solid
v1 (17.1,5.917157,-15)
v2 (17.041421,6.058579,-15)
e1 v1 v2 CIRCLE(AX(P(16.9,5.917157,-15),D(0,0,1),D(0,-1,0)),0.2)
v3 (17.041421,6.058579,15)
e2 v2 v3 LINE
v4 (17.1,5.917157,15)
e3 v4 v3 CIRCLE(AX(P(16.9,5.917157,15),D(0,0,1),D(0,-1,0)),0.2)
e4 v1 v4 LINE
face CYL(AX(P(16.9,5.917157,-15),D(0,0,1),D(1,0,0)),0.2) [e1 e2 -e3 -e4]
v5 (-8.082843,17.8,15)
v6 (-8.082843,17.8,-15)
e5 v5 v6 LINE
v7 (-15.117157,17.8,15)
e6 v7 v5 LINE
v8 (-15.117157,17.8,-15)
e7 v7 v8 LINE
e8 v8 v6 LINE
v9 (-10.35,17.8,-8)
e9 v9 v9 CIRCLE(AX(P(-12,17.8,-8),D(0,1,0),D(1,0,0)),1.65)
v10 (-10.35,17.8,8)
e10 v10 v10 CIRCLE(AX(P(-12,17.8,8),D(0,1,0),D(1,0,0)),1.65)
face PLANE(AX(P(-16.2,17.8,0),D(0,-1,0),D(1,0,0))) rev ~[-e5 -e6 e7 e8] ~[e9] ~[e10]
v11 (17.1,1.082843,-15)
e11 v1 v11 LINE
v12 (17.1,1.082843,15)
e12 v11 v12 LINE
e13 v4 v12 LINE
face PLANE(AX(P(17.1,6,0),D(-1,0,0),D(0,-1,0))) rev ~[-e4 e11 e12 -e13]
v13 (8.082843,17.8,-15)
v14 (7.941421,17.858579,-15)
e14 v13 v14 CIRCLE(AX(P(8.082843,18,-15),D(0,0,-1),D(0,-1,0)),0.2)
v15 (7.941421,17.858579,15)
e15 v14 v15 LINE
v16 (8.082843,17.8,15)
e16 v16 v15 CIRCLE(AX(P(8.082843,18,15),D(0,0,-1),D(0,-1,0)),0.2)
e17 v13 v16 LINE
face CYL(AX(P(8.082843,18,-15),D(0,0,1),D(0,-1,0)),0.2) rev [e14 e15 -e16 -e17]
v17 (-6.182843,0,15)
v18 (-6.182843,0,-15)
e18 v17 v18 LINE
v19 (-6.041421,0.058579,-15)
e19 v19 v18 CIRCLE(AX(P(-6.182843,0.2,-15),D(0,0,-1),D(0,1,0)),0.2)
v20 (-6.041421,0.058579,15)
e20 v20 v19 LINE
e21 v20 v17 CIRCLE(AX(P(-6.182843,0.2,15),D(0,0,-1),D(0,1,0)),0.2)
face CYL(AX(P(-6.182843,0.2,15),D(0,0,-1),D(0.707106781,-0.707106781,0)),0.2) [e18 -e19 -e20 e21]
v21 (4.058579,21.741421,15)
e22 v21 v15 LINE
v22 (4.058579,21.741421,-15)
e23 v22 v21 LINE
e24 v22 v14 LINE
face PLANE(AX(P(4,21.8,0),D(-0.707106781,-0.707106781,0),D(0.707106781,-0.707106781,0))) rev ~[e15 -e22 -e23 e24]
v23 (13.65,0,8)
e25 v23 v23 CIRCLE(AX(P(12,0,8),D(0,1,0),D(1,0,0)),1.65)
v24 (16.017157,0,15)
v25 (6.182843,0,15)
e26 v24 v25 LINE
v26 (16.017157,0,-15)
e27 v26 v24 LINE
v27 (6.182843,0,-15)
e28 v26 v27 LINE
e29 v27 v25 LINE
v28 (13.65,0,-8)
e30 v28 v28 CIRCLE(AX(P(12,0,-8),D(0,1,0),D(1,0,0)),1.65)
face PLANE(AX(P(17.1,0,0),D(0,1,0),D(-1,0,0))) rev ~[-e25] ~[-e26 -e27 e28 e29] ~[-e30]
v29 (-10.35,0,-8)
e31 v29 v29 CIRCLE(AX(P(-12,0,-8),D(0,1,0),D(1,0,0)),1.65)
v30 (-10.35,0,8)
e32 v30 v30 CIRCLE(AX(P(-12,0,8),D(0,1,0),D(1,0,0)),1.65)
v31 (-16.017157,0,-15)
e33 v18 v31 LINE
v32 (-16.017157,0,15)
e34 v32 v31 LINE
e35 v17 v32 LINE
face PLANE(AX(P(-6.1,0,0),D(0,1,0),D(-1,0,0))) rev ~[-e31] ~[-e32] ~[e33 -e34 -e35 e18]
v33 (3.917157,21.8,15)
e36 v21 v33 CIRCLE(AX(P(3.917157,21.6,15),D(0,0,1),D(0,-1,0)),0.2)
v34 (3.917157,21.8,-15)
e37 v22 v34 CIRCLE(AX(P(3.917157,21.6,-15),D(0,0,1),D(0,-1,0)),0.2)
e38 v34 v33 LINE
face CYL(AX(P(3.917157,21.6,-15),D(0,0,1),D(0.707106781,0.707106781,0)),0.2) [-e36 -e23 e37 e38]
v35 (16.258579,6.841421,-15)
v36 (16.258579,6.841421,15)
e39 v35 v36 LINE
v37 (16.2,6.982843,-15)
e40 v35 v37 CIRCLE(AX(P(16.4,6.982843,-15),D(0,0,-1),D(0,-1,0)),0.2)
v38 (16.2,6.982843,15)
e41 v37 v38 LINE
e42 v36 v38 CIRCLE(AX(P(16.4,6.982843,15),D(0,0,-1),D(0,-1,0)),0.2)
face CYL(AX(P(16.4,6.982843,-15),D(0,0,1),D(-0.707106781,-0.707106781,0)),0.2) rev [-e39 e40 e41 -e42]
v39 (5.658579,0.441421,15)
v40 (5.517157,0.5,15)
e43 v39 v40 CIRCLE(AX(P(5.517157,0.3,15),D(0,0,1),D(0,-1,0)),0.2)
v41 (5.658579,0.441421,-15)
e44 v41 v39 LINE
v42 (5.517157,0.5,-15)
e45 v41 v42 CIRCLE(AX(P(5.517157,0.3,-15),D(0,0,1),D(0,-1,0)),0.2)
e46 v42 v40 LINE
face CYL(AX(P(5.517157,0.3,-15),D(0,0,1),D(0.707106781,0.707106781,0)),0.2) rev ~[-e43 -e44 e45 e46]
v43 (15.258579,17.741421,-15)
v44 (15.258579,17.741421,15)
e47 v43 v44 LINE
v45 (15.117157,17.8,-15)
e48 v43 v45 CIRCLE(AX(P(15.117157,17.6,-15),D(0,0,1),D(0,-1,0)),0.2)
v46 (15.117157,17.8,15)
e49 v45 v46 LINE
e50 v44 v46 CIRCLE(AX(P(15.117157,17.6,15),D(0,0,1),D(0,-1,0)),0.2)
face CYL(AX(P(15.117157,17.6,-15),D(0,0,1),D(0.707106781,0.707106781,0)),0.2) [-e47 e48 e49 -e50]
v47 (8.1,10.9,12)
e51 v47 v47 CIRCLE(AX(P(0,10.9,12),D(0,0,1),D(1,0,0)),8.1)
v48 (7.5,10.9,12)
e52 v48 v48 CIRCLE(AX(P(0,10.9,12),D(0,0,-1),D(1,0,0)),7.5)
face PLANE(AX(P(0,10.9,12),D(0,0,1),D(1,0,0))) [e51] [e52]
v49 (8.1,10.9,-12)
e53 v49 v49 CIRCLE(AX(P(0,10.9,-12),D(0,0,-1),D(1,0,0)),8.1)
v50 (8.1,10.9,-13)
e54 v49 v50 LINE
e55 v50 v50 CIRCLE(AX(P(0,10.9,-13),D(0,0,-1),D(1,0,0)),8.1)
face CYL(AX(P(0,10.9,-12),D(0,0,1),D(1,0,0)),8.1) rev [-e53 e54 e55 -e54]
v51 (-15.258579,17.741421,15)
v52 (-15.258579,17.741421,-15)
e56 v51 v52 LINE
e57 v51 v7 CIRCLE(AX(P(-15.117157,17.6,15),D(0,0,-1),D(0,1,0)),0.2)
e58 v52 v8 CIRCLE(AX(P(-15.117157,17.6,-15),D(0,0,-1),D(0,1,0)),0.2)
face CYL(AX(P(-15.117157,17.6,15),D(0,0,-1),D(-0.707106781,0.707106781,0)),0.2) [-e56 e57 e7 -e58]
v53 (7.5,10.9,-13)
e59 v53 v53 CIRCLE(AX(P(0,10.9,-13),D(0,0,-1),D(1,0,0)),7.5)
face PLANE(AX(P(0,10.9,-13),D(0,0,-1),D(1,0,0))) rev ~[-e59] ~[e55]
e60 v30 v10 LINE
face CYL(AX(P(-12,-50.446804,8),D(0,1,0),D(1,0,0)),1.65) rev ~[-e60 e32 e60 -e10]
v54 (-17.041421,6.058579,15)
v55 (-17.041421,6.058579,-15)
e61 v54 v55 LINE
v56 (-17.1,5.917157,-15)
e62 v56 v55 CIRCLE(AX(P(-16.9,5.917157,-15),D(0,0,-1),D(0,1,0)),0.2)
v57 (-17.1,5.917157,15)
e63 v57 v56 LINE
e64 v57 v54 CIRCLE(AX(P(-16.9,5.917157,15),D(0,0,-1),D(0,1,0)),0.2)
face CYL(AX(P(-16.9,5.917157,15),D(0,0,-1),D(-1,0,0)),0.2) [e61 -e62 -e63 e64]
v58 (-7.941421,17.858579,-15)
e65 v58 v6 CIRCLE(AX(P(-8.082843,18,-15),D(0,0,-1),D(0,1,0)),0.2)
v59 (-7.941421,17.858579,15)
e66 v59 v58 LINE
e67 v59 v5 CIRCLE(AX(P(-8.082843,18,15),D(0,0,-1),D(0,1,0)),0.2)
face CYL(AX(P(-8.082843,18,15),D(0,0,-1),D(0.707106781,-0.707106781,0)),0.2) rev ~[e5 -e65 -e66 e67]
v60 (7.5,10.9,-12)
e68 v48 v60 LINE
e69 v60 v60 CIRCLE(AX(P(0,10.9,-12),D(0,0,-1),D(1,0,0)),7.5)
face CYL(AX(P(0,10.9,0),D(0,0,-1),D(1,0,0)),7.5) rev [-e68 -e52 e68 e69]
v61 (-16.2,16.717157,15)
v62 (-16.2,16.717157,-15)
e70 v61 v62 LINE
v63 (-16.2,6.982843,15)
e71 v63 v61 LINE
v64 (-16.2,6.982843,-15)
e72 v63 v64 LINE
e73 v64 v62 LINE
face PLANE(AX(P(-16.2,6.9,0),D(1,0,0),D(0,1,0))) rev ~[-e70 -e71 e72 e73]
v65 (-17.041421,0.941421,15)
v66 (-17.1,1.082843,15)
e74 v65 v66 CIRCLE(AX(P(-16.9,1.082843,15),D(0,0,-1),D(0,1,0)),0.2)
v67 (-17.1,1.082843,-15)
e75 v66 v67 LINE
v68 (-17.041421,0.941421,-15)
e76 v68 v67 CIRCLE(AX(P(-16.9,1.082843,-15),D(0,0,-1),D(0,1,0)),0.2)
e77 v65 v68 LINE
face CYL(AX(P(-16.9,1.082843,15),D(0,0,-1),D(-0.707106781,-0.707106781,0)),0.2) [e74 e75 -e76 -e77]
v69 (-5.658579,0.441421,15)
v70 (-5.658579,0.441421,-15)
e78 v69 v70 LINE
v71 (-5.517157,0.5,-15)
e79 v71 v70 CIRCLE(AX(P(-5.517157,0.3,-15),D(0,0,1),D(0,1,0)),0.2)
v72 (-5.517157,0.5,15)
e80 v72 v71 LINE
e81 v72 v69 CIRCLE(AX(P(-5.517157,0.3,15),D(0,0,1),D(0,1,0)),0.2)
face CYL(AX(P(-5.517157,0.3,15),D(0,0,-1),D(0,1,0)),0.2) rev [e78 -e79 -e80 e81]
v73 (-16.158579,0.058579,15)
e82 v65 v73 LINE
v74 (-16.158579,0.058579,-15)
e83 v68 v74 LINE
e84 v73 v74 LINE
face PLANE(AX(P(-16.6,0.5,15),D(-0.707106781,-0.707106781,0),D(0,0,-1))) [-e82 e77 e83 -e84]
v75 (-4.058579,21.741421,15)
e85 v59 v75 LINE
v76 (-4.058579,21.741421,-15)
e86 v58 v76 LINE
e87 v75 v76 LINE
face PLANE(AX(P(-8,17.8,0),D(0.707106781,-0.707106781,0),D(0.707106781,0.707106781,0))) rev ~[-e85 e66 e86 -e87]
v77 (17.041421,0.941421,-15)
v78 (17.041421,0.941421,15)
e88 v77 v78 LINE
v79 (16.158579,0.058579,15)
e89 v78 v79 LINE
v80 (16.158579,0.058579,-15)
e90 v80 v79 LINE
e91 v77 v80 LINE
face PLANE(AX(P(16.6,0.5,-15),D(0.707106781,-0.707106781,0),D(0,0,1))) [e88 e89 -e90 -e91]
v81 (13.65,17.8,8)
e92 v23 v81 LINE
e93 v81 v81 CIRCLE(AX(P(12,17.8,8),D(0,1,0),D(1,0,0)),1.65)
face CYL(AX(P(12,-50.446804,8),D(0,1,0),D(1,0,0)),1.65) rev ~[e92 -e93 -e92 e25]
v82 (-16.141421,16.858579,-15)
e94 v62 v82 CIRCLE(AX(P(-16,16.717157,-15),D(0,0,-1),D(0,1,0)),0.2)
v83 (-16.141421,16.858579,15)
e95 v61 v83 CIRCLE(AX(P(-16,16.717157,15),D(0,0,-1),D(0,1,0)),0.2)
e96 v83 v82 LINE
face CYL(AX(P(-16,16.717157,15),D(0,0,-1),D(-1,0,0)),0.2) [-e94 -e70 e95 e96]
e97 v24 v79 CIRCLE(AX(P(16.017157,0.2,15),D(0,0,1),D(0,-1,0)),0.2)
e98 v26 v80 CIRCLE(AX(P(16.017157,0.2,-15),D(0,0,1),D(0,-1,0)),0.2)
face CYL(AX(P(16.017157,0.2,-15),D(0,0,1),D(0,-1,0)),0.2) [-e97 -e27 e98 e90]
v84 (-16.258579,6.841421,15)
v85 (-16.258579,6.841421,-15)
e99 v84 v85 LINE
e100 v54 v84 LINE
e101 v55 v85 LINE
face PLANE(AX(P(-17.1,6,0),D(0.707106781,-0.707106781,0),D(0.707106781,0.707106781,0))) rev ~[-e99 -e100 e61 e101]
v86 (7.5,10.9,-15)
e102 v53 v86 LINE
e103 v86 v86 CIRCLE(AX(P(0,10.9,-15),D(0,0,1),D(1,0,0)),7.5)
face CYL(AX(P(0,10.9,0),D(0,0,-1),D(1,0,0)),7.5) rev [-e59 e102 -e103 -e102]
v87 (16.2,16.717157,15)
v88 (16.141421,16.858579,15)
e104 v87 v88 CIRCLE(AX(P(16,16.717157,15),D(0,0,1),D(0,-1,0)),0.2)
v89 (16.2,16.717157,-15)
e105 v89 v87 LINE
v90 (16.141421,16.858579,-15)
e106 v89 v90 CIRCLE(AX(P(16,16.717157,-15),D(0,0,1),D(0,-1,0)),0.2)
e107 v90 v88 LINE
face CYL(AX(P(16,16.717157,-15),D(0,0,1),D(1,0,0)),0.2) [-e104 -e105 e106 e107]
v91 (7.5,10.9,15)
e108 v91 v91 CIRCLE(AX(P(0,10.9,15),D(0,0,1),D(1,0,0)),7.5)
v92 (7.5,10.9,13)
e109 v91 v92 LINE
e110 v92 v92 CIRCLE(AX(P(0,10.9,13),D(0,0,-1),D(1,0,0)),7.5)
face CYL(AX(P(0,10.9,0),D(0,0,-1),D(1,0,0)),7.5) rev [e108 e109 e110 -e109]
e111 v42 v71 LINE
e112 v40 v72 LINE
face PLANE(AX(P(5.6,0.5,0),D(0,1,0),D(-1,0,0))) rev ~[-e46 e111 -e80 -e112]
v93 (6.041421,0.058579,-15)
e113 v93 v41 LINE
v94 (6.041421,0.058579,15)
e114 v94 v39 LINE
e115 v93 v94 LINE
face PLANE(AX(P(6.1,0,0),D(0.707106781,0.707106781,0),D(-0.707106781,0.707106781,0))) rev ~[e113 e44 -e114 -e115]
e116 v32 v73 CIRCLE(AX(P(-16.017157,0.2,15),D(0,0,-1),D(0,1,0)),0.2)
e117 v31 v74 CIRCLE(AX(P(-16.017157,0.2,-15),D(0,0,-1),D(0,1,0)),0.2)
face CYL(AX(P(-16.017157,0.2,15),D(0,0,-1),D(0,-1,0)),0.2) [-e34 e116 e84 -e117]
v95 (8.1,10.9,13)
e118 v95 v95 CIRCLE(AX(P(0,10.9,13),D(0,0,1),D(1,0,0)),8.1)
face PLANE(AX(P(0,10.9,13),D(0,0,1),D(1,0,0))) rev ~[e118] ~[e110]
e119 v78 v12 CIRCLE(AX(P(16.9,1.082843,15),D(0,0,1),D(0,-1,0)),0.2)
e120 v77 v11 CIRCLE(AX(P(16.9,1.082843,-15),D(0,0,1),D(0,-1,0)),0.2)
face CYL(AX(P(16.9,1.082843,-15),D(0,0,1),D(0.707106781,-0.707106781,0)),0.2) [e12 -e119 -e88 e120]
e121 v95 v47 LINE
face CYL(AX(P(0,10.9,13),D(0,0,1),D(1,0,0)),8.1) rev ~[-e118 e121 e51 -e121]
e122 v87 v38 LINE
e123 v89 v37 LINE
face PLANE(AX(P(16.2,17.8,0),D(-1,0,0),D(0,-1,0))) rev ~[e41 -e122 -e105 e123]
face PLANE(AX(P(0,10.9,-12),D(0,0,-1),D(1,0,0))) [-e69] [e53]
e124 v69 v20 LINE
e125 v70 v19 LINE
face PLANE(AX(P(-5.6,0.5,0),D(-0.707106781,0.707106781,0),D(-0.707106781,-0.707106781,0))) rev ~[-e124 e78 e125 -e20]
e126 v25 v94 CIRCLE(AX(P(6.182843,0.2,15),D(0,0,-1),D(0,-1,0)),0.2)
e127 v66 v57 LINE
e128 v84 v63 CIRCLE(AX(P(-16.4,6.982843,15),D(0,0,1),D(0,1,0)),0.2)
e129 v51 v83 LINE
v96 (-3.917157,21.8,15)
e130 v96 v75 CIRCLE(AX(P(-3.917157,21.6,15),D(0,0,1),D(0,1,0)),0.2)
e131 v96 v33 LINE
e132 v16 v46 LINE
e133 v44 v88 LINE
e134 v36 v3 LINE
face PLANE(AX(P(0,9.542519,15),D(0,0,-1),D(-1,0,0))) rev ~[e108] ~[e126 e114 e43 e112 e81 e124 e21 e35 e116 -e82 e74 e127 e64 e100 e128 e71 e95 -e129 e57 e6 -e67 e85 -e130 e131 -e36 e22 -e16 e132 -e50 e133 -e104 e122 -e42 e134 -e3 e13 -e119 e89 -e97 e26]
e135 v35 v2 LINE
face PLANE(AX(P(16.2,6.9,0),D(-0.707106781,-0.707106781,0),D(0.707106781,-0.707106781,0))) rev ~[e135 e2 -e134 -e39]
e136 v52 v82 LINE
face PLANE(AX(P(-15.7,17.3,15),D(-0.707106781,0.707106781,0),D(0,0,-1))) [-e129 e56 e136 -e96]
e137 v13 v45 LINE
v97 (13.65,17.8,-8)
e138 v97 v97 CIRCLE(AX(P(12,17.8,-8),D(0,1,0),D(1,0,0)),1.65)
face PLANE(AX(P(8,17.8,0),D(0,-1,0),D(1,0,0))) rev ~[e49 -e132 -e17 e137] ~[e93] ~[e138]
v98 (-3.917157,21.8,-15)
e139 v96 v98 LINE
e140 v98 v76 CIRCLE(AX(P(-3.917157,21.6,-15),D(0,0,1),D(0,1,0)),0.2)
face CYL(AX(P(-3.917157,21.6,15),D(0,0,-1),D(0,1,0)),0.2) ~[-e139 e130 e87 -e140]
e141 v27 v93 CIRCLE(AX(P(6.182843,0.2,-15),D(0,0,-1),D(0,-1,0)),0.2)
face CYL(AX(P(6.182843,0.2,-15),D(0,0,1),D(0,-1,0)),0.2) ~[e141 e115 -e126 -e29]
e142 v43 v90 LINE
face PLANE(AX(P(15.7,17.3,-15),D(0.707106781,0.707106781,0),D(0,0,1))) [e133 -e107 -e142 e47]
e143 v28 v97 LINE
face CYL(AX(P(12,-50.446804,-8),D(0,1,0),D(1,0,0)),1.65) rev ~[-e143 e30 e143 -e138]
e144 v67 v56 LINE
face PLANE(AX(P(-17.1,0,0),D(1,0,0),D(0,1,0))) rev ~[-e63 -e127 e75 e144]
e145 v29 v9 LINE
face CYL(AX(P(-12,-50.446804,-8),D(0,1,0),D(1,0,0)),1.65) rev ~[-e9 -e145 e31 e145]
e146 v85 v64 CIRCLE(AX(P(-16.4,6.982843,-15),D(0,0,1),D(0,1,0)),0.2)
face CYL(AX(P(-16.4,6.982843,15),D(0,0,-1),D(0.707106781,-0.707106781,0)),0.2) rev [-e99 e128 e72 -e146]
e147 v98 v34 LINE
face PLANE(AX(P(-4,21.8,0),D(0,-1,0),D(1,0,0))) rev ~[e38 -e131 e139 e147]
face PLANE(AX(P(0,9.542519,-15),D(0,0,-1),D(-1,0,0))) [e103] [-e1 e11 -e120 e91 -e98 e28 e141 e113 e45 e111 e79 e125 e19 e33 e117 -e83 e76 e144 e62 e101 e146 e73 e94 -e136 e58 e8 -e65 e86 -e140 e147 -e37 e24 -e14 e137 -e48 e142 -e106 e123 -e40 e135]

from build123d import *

# Parameters (mm, degrees)
ESQUISSE1_R             = 7.5
BOSS_EXTRU_1_DEPTH      = 15
CHANFREIN1_SIZE         = 1
CONG_1_R                = 0.2
ESQUISSE2_R             = 8.1
ENL_V_MAT_EXTRU_1_DEPTH = 1
ENL_V_START             = -1
ESQUISSE3_R             = 8.1
ENL_V_MAT_EXTRU_2_DEPTH = 1
TROU_TARAUD_M41_D       = 3.3


with BuildPart() as part:
    # Esquisse1 → Boss.-Extru.1 (new, symmetric)
    with BuildSketch(Plane.XY):
        Polygon((5.6, 0.5), (-5.6, 0.5), (-6.1, 0), (-17.1, 0), (-17.1, 6), (-16.2, 6.9), (-16.2, 17.8), (-8, 17.8), (-4, 21.8), (4, 21.8), (8, 17.8), (16.2, 17.8), (16.2, 6.9), (17.1, 6), (17.1, 0), (6.1, 0), align=None)
        with Locations((0, 10.9)):
            Circle(ESQUISSE1_R, mode=Mode.SUBTRACT)
    extrude(amount=BOSS_EXTRU_1_DEPTH, both=True)

    # Chanfrein1
    chanfrein1_edges = [part.edges().sort_by_distance(p)[0] for p in [
        (-17.1, 0, 0),
        (-16.2, 17.8, 0),
        (16.2, 17.8, 0),
        (17.1, 0, 0),
    ]]
    chamfer(chanfrein1_edges, length=CHANFREIN1_SIZE)

    # Congé1
    cong_1_edges = [part.edges().sort_by_distance(p)[0] for p in [
        (6.1, 0, 0),
        (5.6, 0.5, 0),
        (-5.6, 0.5, 0),
        (-6.1, 0, 0),
        (-17.1, 6, 0),
        (-16.2, 6.9, 0),
        (-8, 17.8, 0),
        (-4, 21.8, 0),
        (4, 21.8, 0),
        (8, 17.8, 0),
        (16.2, 6.9, 0),
        (17.1, 6, 0),
        (17.1, 1, 0),
        (16.1, 0, 0),
        (-16.1, 0, 0),
        (-17.1, 1, 0),
        (-16.2, 16.8, 0),
        (-15.2, 17.8, 0),
        (15.2, 17.8, 0),
        (16.2, 16.8, 0),
    ]]
    fillet(cong_1_edges, radius=CONG_1_R)

    # Esquisse2 → Enlèv. mat.-Extru.1 (cut)
    with BuildSketch(Plane.XY.offset(13)):
        with Locations((0, 10.9)):
            Circle(ESQUISSE2_R)
    extrude(amount=-ENL_V_MAT_EXTRU_1_DEPTH, mode=Mode.SUBTRACT)

    # Esquisse3 → Enlèv. mat.-Extru.2 (cut)
    with BuildSketch(Plane(origin=(0, 0, -13), x_dir=(-1, 0, 0), z_dir=(0, 0, -1)).offset(ENL_V_START)):
        with Locations(Location((0, 10.9, 0), (0, 0, 180))):
            Circle(ESQUISSE3_R)
    extrude(amount=ENL_V_MAT_EXTRU_2_DEPTH, mode=Mode.SUBTRACT)

    # Trou taraudé M41 (through all)
    with Locations(Plane(origin=(0, 0, 0), x_dir=(-1, 0, 0), z_dir=(0, -1, 0))):
        with Locations((-12, -8), (12, -8), (12, 8), (-12, 8)):
            Hole(TROU_TARAUD_M41_D / 2)


solid = part.part
